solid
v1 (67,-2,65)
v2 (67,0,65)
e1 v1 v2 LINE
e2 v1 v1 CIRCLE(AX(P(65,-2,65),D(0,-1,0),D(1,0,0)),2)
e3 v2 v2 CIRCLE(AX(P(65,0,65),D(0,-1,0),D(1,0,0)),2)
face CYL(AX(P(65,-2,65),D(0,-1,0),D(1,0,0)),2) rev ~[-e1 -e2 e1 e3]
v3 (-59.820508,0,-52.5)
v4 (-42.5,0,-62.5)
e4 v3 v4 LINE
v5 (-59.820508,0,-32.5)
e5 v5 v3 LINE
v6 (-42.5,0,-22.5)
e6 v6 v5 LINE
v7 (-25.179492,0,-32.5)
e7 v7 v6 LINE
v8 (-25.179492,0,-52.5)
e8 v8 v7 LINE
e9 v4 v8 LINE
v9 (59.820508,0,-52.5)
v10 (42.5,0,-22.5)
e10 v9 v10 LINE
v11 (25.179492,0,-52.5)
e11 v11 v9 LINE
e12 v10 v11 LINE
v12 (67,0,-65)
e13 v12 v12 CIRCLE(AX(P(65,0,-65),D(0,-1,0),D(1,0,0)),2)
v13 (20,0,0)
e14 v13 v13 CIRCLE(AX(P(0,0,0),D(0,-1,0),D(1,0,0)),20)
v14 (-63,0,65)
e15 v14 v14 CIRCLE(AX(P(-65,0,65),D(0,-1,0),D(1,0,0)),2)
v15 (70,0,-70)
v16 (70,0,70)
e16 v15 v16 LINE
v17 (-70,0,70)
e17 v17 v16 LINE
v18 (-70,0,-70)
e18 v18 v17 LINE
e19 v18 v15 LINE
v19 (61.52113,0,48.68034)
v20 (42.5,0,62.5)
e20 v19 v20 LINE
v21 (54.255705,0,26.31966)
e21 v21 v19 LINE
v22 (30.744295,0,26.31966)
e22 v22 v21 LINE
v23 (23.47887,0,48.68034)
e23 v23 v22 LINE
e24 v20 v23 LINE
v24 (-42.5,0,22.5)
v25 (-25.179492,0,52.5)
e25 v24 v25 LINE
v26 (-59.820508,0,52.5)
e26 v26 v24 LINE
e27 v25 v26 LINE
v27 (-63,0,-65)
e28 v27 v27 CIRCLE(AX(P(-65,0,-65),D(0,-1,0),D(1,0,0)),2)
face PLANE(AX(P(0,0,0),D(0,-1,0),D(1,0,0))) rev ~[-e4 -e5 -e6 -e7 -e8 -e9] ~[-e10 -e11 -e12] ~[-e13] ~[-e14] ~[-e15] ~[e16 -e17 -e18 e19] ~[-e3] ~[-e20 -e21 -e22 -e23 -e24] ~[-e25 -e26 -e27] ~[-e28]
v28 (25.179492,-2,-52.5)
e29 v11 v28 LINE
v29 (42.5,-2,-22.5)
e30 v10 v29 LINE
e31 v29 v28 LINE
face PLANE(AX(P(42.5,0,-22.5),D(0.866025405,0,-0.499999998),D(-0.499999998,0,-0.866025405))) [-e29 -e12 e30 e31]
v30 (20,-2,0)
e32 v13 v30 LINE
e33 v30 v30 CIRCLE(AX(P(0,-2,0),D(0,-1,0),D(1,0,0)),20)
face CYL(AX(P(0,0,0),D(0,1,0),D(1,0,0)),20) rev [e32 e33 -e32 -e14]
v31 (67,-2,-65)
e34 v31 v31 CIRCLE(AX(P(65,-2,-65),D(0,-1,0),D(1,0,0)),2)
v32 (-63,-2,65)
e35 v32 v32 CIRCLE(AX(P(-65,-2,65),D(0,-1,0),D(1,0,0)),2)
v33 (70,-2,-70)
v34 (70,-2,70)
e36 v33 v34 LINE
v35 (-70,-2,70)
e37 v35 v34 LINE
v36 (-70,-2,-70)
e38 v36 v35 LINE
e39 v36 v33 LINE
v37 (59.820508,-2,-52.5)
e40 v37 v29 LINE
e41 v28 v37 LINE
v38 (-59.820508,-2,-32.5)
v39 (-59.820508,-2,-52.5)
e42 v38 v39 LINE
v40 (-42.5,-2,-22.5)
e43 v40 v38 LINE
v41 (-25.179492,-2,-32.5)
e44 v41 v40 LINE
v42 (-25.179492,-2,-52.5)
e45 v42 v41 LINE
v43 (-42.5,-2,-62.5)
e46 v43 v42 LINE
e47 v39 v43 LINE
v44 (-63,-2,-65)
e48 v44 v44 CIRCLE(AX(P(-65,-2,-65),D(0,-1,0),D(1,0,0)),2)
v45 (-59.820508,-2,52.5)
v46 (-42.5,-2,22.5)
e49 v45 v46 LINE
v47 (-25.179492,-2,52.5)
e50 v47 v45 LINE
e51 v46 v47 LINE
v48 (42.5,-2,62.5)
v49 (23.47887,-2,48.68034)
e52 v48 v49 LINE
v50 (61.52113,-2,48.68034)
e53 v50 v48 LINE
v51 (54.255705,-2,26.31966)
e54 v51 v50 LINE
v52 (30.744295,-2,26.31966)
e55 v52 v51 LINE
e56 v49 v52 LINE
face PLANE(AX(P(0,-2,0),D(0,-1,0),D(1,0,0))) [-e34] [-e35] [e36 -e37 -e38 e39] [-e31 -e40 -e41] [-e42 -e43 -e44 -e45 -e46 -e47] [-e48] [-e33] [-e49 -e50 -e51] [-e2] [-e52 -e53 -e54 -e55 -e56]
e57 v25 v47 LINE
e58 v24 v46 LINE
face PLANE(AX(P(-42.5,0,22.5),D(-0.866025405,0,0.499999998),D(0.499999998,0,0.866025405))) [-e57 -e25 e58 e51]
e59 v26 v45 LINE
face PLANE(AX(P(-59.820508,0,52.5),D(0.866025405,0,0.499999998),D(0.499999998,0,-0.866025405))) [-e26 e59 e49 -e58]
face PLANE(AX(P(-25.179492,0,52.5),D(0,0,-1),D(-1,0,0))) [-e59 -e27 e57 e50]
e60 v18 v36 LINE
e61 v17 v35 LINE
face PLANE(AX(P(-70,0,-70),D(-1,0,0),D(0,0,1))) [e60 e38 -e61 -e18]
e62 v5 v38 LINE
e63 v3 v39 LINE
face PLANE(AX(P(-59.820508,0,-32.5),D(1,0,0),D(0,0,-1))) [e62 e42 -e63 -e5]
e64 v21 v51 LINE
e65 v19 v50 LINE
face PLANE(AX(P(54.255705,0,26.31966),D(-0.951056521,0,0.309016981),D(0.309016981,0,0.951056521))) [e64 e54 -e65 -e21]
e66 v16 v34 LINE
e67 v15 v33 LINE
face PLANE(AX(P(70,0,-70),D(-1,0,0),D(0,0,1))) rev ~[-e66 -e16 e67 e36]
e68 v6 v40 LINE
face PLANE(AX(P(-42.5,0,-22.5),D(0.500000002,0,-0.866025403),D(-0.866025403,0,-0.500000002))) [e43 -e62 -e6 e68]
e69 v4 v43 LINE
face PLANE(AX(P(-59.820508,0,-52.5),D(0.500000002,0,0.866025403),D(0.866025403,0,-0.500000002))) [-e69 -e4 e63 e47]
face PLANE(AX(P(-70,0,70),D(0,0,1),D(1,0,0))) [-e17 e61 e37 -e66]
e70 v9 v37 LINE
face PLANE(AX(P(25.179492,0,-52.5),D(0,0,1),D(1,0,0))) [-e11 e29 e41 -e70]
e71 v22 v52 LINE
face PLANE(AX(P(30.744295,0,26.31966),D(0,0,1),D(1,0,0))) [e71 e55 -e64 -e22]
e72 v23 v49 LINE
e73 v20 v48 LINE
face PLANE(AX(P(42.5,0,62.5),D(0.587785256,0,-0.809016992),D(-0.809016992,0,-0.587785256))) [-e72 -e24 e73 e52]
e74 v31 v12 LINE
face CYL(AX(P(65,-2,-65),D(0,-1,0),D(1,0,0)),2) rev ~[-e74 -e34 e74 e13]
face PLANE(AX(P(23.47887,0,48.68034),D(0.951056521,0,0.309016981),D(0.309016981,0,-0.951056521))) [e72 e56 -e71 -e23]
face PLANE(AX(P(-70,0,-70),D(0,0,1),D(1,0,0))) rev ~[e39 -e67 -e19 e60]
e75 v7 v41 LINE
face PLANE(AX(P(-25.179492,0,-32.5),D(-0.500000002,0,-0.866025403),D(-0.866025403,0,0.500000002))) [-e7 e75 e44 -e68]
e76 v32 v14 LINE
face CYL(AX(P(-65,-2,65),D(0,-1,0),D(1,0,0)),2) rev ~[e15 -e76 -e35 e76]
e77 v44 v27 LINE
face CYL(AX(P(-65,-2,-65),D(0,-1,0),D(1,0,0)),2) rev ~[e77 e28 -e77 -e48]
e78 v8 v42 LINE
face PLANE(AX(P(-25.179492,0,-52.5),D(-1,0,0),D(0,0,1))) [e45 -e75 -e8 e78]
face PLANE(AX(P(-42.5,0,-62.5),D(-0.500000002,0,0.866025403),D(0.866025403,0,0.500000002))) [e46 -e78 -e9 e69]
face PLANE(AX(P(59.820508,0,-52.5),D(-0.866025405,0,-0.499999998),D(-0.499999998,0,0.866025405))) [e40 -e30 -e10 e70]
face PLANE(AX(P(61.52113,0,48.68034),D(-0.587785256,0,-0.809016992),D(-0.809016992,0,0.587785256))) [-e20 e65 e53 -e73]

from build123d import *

# Parameters (mm, degrees)
SKETCH_W     = 140
SKETCH_H     = 140
SKETCH_R     = 20
PAD_DEPTH    = 2
SKETCH001_R  = 2
POCKET_DEPTH = 2.001


with BuildPart() as part:
    # Sketch → Pad (new body)
    with BuildSketch(Plane.XZ):
        Rectangle(SKETCH_W, SKETCH_H)
        Circle(SKETCH_R, mode=Mode.SUBTRACT)
        Polygon((-42.5, 22.5), (-25.179492, 52.5), (-59.820508, 52.5), align=None, mode=Mode.SUBTRACT)
        Polygon((42.5, -22.5), (25.179492, -52.5), (59.820508, -52.5), align=None, mode=Mode.SUBTRACT)
        Polygon((54.255705, 26.31966), (61.52113, 48.68034), (42.5, 62.5), (23.47887, 48.68034), (30.744295, 26.31966), align=None, mode=Mode.SUBTRACT)
        Polygon((-42.5, -22.5), (-59.820508, -32.5), (-59.820508, -52.5), (-42.5, -62.5), (-25.179492, -52.5), (-25.179492, -32.5), align=None, mode=Mode.SUBTRACT)
    extrude(amount=PAD_DEPTH)

    # Sketch001 (on Face24 of Pad) → Pocket (cut, through all)
    with BuildSketch(Plane.XZ.offset(2)):
        with Locations((-65, 65)):
            Circle(SKETCH001_R)
        with Locations((65, 65)):
            Circle(SKETCH001_R)
        with Locations((65, -65)):
            Circle(SKETCH001_R)
        with Locations((-65, -65)):
            Circle(SKETCH001_R)
    extrude(amount=-POCKET_DEPTH, mode=Mode.SUBTRACT)


solid = part.part
